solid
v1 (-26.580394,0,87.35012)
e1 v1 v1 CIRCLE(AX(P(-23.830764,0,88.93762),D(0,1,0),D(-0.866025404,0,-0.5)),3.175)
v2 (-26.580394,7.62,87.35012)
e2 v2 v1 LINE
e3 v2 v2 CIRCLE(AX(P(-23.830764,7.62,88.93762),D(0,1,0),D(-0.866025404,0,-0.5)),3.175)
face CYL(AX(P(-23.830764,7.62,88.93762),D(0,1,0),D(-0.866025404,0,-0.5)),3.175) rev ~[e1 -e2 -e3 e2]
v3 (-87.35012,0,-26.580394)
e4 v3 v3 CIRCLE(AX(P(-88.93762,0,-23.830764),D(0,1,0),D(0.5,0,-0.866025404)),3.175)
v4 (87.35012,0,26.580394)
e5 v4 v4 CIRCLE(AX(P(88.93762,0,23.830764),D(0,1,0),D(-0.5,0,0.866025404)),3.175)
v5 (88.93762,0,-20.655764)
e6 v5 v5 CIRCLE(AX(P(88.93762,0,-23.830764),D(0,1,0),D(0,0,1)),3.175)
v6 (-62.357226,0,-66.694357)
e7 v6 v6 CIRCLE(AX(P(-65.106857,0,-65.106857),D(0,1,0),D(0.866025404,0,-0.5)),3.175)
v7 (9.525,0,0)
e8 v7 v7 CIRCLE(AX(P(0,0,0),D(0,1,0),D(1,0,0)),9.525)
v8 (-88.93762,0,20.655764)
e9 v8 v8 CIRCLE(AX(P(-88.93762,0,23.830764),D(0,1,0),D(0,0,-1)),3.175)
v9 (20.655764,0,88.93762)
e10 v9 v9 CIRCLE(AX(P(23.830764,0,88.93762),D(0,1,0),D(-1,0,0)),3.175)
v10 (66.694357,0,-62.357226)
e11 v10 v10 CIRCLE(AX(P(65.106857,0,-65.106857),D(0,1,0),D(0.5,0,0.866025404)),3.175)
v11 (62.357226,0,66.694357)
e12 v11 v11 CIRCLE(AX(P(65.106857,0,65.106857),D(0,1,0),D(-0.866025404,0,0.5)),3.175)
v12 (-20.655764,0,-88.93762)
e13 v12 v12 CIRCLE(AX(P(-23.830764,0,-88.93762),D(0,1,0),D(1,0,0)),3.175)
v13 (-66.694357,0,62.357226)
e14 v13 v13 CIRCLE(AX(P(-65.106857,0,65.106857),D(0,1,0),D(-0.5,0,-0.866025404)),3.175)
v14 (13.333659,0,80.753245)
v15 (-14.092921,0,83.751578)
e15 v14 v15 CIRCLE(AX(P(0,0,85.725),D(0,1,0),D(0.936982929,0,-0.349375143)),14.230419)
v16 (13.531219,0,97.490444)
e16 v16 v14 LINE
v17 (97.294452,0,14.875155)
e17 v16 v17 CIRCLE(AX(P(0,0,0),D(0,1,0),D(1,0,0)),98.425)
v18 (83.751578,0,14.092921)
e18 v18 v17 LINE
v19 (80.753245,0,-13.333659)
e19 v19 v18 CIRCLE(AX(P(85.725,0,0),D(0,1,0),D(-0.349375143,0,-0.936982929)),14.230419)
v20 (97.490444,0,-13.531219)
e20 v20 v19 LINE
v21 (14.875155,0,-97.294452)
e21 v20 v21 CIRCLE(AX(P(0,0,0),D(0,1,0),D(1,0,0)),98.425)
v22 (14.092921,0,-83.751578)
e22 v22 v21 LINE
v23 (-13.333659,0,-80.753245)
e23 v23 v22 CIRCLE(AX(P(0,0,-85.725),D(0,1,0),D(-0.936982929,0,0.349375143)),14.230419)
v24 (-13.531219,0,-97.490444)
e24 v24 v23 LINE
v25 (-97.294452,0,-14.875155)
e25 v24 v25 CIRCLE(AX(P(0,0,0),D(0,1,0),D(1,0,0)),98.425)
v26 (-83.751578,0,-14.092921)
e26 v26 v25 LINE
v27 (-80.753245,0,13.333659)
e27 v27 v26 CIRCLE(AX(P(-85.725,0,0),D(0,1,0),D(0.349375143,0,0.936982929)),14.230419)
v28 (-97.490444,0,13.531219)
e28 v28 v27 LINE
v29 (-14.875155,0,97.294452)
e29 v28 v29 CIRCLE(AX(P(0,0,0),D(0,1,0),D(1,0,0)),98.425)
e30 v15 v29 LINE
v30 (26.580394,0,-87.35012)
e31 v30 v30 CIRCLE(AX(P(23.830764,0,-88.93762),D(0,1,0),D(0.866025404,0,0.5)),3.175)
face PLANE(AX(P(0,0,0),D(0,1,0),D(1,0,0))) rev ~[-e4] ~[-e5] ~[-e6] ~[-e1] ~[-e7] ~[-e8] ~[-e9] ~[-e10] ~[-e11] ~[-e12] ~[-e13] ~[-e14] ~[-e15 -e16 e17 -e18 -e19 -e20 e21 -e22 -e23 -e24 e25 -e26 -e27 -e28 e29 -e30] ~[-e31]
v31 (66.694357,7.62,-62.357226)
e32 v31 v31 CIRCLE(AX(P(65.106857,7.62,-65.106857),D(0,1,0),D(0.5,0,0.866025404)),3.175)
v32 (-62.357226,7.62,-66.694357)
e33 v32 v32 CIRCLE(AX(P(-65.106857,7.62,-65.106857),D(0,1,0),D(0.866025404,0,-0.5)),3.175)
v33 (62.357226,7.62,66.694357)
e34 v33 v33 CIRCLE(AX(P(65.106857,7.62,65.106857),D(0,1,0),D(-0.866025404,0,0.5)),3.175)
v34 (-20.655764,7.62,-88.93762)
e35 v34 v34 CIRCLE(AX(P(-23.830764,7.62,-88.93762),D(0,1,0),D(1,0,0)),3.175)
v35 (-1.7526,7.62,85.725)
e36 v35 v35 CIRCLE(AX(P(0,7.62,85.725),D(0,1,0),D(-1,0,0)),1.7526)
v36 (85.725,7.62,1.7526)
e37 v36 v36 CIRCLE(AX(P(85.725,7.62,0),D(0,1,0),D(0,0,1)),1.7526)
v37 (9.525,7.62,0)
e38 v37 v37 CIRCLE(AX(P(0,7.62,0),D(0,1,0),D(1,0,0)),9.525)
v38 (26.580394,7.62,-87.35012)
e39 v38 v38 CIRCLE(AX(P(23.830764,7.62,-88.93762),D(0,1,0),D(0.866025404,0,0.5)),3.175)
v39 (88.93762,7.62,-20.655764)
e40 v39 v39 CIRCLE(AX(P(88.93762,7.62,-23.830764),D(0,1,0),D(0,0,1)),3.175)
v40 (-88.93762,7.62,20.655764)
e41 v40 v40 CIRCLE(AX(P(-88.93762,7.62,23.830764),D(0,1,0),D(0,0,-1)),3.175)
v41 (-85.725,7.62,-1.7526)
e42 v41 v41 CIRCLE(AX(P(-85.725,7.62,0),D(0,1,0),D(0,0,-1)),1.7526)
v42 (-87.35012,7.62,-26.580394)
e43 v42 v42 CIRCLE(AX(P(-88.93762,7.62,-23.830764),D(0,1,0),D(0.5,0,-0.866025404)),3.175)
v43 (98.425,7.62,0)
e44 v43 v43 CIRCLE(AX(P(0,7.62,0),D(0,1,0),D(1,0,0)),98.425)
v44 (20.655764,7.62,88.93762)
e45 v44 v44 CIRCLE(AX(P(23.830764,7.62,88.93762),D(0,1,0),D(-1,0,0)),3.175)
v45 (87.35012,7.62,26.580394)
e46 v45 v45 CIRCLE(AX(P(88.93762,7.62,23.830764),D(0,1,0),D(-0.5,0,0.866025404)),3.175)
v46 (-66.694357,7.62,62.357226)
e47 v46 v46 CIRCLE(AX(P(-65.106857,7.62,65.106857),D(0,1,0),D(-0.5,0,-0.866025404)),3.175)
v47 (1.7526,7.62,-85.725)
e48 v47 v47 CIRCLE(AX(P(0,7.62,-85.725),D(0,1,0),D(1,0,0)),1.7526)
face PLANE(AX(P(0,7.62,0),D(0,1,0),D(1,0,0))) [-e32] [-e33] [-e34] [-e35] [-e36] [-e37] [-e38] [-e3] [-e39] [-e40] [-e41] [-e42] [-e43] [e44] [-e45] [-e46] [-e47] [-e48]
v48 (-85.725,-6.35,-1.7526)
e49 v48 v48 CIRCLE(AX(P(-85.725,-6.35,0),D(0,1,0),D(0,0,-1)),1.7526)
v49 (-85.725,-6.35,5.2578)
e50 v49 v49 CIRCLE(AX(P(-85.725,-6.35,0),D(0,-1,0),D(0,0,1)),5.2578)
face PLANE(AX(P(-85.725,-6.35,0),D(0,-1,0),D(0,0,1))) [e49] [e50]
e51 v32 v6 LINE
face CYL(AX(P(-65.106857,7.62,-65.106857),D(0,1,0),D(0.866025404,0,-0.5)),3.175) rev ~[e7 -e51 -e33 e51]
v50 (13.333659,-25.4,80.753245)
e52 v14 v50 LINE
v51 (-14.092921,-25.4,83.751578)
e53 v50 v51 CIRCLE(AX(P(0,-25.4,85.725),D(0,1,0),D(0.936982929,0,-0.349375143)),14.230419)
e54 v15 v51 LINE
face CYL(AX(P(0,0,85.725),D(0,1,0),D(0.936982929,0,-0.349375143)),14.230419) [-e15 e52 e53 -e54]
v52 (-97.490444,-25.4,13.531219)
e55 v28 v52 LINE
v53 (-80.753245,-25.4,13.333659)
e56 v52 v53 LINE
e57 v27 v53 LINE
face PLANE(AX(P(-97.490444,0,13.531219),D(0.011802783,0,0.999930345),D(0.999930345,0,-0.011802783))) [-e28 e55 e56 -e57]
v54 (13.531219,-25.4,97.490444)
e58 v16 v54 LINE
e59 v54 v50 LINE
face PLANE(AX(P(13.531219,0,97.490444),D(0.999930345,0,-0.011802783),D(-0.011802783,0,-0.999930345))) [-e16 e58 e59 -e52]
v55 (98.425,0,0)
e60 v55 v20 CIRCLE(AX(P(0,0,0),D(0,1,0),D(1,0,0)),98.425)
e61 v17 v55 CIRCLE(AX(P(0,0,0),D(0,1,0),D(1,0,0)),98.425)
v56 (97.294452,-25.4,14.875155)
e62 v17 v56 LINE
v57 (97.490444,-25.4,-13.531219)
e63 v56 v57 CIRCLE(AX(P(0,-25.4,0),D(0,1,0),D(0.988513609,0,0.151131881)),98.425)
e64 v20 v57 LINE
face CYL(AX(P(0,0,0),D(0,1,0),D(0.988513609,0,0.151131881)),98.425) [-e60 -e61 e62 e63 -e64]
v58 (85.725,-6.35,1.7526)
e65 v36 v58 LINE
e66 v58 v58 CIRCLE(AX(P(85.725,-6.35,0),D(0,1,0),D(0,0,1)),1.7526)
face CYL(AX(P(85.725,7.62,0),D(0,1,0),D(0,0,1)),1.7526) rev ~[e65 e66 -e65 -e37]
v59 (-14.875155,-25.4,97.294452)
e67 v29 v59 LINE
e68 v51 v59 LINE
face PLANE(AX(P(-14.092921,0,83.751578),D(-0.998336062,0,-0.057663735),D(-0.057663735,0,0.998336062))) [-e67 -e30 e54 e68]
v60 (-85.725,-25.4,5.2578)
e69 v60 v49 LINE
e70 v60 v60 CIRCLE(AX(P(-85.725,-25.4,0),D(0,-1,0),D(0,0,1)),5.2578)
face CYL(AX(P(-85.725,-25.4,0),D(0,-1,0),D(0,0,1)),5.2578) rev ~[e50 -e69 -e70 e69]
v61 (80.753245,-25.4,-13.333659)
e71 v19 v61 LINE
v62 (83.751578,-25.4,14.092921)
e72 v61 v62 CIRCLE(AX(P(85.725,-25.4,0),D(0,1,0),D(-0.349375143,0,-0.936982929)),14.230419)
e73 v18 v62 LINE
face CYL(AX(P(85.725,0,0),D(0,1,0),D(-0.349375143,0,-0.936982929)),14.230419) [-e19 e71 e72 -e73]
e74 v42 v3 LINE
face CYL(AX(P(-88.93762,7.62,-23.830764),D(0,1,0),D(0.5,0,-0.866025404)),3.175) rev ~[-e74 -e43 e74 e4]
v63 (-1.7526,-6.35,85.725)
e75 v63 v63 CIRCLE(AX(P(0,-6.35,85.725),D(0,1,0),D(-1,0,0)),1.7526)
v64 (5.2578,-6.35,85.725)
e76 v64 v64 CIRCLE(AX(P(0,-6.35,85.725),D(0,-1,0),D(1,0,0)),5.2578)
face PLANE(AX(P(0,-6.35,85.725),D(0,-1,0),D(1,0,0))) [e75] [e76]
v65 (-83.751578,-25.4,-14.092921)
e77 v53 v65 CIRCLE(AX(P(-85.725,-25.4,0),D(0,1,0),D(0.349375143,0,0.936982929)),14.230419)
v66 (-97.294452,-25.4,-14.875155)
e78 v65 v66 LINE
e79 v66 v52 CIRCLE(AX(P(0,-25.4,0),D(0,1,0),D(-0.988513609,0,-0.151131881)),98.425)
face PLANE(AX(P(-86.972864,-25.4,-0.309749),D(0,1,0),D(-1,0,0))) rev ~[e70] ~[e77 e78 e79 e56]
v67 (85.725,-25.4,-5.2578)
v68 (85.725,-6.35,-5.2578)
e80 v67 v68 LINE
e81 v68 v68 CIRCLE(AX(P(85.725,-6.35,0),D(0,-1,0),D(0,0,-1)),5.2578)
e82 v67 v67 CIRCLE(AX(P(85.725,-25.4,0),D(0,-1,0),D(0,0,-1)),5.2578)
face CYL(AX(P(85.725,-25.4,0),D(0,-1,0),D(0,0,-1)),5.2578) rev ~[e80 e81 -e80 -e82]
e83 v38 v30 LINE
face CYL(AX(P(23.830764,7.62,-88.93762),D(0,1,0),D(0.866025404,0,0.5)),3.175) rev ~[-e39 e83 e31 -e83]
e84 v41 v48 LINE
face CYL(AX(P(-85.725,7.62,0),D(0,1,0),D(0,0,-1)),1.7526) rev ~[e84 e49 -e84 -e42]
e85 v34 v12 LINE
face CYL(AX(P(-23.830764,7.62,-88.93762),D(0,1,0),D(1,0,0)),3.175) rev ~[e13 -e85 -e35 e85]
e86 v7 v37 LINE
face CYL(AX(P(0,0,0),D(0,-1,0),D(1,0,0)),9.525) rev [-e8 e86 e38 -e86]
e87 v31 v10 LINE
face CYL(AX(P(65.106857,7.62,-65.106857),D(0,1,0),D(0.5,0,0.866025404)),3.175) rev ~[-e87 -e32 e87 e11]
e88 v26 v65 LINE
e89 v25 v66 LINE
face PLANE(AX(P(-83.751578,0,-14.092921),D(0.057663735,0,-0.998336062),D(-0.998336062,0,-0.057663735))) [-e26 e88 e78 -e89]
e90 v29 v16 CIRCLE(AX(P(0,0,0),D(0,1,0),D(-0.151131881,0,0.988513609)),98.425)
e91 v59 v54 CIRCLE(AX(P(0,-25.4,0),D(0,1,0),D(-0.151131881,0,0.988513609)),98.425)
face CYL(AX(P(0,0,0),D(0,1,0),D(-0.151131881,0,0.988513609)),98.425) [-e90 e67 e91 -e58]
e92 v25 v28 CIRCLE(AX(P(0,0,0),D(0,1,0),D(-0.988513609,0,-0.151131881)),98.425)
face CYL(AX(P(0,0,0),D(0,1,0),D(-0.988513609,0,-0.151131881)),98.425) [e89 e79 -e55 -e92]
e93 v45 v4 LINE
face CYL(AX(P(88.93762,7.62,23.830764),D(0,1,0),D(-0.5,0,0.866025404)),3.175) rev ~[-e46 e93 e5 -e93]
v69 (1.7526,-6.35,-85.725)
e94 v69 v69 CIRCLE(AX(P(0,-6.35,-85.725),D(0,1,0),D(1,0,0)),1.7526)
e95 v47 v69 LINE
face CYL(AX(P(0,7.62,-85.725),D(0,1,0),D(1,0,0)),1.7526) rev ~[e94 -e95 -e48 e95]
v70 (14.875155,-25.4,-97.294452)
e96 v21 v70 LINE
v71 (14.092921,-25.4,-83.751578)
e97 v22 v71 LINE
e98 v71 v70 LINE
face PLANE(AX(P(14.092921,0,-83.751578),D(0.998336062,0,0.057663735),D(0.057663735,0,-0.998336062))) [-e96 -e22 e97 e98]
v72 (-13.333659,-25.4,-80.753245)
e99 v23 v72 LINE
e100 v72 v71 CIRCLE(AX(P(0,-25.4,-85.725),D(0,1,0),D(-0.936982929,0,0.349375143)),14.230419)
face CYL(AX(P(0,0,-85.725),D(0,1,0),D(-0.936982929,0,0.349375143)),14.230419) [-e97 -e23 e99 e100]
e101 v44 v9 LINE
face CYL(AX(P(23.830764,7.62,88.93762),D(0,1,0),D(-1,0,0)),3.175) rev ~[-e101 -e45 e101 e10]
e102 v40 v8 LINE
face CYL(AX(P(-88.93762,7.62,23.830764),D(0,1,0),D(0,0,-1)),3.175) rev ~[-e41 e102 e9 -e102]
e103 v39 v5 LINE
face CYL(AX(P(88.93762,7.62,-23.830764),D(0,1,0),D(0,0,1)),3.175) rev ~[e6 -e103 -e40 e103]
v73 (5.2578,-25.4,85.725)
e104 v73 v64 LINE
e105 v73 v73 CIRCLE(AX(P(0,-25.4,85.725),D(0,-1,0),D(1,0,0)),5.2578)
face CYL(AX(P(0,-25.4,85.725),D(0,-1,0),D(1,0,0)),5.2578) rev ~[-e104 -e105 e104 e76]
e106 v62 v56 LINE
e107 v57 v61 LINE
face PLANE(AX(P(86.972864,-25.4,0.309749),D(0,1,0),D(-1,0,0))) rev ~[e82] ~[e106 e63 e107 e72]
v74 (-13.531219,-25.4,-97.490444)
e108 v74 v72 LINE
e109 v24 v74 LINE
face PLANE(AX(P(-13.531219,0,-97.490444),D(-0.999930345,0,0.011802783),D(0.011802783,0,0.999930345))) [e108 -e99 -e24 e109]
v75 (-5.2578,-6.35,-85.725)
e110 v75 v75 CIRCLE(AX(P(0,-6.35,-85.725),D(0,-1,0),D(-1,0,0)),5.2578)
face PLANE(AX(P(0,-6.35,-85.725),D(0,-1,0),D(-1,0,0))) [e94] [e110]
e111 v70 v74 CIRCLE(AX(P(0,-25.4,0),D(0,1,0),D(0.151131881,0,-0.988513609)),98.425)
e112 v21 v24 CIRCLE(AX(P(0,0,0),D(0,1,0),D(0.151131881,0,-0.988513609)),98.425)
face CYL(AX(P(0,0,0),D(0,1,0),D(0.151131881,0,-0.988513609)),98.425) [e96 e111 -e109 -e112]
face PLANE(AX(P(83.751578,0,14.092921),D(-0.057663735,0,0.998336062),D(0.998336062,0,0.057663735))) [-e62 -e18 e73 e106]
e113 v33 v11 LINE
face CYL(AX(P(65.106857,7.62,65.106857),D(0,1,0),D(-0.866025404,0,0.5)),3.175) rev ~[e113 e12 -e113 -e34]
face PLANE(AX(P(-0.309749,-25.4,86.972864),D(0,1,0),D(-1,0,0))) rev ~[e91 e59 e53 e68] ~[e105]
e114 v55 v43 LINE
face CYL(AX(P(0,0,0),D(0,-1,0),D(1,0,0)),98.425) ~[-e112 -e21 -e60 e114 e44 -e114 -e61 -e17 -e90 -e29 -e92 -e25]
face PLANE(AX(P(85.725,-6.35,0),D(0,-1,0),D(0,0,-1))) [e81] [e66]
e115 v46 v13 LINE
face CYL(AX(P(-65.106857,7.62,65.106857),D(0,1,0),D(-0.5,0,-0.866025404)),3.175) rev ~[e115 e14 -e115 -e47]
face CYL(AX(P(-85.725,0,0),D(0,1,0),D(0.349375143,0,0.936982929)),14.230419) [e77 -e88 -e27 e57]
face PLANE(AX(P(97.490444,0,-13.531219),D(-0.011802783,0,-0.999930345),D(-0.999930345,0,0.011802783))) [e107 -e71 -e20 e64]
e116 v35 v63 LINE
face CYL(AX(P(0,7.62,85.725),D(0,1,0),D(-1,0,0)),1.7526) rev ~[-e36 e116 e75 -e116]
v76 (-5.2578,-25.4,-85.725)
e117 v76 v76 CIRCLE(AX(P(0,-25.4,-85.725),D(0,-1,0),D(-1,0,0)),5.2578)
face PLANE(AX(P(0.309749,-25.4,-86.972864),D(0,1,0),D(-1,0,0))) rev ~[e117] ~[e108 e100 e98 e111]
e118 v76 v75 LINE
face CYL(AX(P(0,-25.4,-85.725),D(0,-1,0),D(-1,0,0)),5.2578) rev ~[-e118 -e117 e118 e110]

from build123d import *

# Parameters (mm, degrees)
SKETCH1_R           = 98.425
SKETCH1_R_2         = 9.525
BOSS_EXTRUDE1_DEPTH = 7.62
BOSS_EXTRUDE2_DEPTH = 25.4
SKETCH5_R           = 5.2578
CUT_EXTRUDE3_DEPTH  = 19.05
SKETCH6_R           = 3.175
CUT_EXTRUDE4_DEPTH  = 12.7
CIRPATTERN1_COUNT   = 12
CIRPATTERN2_COUNT   = 4
SKETCH8_R           = 1.7526
CUT_EXTRUDE6_DEPTH  = 34.02
CIRPATTERN3_COUNT   = 4


with BuildPart() as part:
    # Sketch1 → Boss-Extrude1 (new body)
    with BuildSketch(Plane(origin=(0, 0, 0), x_dir=(1, 0, 0), z_dir=(0, 1, 0))):
        Circle(SKETCH1_R)
        Circle(SKETCH1_R_2, mode=Mode.SUBTRACT)
    extrude(amount=BOSS_EXTRUDE1_DEPTH)

    # Sketch2 → Boss-Extrude2 (add)
    with BuildSketch(Plane.XZ):
        with BuildLine():
            Line((-14.092921054, 83.751577801), (-14.875155352, 97.29445194))
            ThreePointArc((-14.875155352, 97.29445194), (-0.679076319, 98.422657353), (13.531218764, 97.490444372))
            Line((13.531218764, 97.490444372), (13.333659481, 80.753245397))
            ThreePointArc((13.333659481, 80.753245397), (-1.546485964, 71.578862712), (-14.092921054, 83.751577801))
        make_face()
        with BuildLine():
            Line((83.751577801, 14.092921054), (97.29445194, 14.875155352))
            ThreePointArc((97.29445194, 14.875155352), (98.422657353, 0.679076319), (97.490444372, -13.531218764))
            Line((97.490444372, -13.531218764), (80.753245397, -13.333659481))
            ThreePointArc((80.753245397, -13.333659481), (71.578862712, 1.546485964), (83.751577801, 14.092921054))
        make_face()
        with BuildLine():
            Line((14.092921054, -83.751577801), (14.875155352, -97.29445194))
            ThreePointArc((14.875155352, -97.29445194), (0.679076319, -98.422657353), (-13.531218764, -97.490444372))
            Line((-13.531218764, -97.490444372), (-13.333659481, -80.753245397))
            ThreePointArc((-13.333659481, -80.753245397), (1.546485964, -71.578862712), (14.092921054, -83.751577801))
        make_face()
        with BuildLine():
            Line((-83.751577801, -14.092921054), (-97.29445194, -14.875155352))
            ThreePointArc((-97.29445194, -14.875155352), (-98.422657353, -0.679076319), (-97.490444372, 13.531218764))
            Line((-97.490444372, 13.531218764), (-80.753245397, 13.333659481))
            ThreePointArc((-80.753245397, 13.333659481), (-71.578862712, -1.546485964), (-83.751577801, -14.092921054))
        make_face()
    extrude(amount=BOSS_EXTRUDE2_DEPTH)

    # Sketch5 → Cut-Extrude3 (cut)
    with BuildSketch(Plane.XZ.offset(25.4)):
        with Locations((0, 85.725)):
            Circle(SKETCH5_R)
    cut_extrude3 = extrude(amount=-CUT_EXTRUDE3_DEPTH, mode=Mode.SUBTRACT)

    # Sketch6 → Cut-Extrude4 (cut)
    with BuildSketch(Plane(origin=(0, 7.62, 0), x_dir=(1, 0, 0), z_dir=(0, 1, 0))):
        with Locations((-23.830763578, 88.937620456)):
            Circle(SKETCH6_R)
    cut_extrude4 = extrude(amount=-CUT_EXTRUDE4_DEPTH, mode=Mode.SUBTRACT)

    # CirPattern1: Cut-Extrude4 ×12 about axis
    cirpattern1_axis = Axis((0, 0, 0), (0, 1, 0))
    for i in range(1, CIRPATTERN1_COUNT):
        add(cut_extrude4.rotate(cirpattern1_axis, i * 360 / CIRPATTERN1_COUNT), mode=Mode.SUBTRACT)

    # CirPattern2: Cut-Extrude3 ×4 about axis
    cirpattern2_axis = Axis((0, 0, 0), (0, 1, 0))
    for i in range(1, CIRPATTERN2_COUNT):
        add(cut_extrude3.rotate(cirpattern2_axis, i * 360 / CIRPATTERN2_COUNT), mode=Mode.SUBTRACT)

    # Sketch8 → Cut-Extrude6 (cut, through all)
    with BuildSketch(Plane(origin=(0, 7.62, 0), x_dir=(1, 0, 0), z_dir=(0, 1, 0))):
        with Locations((0, 85.725)):
            Circle(SKETCH8_R)
    cut_extrude6 = extrude(amount=-CUT_EXTRUDE6_DEPTH, mode=Mode.SUBTRACT)

    # CirPattern3: Cut-Extrude6 ×4 about axis
    cirpattern3_axis = Axis((0, 0, 0), (0, 1, 0))
    for i in range(1, CIRPATTERN3_COUNT):
        add(cut_extrude6.rotate(cirpattern3_axis, i * 360 / CIRPATTERN3_COUNT), mode=Mode.SUBTRACT)


solid = part.part
